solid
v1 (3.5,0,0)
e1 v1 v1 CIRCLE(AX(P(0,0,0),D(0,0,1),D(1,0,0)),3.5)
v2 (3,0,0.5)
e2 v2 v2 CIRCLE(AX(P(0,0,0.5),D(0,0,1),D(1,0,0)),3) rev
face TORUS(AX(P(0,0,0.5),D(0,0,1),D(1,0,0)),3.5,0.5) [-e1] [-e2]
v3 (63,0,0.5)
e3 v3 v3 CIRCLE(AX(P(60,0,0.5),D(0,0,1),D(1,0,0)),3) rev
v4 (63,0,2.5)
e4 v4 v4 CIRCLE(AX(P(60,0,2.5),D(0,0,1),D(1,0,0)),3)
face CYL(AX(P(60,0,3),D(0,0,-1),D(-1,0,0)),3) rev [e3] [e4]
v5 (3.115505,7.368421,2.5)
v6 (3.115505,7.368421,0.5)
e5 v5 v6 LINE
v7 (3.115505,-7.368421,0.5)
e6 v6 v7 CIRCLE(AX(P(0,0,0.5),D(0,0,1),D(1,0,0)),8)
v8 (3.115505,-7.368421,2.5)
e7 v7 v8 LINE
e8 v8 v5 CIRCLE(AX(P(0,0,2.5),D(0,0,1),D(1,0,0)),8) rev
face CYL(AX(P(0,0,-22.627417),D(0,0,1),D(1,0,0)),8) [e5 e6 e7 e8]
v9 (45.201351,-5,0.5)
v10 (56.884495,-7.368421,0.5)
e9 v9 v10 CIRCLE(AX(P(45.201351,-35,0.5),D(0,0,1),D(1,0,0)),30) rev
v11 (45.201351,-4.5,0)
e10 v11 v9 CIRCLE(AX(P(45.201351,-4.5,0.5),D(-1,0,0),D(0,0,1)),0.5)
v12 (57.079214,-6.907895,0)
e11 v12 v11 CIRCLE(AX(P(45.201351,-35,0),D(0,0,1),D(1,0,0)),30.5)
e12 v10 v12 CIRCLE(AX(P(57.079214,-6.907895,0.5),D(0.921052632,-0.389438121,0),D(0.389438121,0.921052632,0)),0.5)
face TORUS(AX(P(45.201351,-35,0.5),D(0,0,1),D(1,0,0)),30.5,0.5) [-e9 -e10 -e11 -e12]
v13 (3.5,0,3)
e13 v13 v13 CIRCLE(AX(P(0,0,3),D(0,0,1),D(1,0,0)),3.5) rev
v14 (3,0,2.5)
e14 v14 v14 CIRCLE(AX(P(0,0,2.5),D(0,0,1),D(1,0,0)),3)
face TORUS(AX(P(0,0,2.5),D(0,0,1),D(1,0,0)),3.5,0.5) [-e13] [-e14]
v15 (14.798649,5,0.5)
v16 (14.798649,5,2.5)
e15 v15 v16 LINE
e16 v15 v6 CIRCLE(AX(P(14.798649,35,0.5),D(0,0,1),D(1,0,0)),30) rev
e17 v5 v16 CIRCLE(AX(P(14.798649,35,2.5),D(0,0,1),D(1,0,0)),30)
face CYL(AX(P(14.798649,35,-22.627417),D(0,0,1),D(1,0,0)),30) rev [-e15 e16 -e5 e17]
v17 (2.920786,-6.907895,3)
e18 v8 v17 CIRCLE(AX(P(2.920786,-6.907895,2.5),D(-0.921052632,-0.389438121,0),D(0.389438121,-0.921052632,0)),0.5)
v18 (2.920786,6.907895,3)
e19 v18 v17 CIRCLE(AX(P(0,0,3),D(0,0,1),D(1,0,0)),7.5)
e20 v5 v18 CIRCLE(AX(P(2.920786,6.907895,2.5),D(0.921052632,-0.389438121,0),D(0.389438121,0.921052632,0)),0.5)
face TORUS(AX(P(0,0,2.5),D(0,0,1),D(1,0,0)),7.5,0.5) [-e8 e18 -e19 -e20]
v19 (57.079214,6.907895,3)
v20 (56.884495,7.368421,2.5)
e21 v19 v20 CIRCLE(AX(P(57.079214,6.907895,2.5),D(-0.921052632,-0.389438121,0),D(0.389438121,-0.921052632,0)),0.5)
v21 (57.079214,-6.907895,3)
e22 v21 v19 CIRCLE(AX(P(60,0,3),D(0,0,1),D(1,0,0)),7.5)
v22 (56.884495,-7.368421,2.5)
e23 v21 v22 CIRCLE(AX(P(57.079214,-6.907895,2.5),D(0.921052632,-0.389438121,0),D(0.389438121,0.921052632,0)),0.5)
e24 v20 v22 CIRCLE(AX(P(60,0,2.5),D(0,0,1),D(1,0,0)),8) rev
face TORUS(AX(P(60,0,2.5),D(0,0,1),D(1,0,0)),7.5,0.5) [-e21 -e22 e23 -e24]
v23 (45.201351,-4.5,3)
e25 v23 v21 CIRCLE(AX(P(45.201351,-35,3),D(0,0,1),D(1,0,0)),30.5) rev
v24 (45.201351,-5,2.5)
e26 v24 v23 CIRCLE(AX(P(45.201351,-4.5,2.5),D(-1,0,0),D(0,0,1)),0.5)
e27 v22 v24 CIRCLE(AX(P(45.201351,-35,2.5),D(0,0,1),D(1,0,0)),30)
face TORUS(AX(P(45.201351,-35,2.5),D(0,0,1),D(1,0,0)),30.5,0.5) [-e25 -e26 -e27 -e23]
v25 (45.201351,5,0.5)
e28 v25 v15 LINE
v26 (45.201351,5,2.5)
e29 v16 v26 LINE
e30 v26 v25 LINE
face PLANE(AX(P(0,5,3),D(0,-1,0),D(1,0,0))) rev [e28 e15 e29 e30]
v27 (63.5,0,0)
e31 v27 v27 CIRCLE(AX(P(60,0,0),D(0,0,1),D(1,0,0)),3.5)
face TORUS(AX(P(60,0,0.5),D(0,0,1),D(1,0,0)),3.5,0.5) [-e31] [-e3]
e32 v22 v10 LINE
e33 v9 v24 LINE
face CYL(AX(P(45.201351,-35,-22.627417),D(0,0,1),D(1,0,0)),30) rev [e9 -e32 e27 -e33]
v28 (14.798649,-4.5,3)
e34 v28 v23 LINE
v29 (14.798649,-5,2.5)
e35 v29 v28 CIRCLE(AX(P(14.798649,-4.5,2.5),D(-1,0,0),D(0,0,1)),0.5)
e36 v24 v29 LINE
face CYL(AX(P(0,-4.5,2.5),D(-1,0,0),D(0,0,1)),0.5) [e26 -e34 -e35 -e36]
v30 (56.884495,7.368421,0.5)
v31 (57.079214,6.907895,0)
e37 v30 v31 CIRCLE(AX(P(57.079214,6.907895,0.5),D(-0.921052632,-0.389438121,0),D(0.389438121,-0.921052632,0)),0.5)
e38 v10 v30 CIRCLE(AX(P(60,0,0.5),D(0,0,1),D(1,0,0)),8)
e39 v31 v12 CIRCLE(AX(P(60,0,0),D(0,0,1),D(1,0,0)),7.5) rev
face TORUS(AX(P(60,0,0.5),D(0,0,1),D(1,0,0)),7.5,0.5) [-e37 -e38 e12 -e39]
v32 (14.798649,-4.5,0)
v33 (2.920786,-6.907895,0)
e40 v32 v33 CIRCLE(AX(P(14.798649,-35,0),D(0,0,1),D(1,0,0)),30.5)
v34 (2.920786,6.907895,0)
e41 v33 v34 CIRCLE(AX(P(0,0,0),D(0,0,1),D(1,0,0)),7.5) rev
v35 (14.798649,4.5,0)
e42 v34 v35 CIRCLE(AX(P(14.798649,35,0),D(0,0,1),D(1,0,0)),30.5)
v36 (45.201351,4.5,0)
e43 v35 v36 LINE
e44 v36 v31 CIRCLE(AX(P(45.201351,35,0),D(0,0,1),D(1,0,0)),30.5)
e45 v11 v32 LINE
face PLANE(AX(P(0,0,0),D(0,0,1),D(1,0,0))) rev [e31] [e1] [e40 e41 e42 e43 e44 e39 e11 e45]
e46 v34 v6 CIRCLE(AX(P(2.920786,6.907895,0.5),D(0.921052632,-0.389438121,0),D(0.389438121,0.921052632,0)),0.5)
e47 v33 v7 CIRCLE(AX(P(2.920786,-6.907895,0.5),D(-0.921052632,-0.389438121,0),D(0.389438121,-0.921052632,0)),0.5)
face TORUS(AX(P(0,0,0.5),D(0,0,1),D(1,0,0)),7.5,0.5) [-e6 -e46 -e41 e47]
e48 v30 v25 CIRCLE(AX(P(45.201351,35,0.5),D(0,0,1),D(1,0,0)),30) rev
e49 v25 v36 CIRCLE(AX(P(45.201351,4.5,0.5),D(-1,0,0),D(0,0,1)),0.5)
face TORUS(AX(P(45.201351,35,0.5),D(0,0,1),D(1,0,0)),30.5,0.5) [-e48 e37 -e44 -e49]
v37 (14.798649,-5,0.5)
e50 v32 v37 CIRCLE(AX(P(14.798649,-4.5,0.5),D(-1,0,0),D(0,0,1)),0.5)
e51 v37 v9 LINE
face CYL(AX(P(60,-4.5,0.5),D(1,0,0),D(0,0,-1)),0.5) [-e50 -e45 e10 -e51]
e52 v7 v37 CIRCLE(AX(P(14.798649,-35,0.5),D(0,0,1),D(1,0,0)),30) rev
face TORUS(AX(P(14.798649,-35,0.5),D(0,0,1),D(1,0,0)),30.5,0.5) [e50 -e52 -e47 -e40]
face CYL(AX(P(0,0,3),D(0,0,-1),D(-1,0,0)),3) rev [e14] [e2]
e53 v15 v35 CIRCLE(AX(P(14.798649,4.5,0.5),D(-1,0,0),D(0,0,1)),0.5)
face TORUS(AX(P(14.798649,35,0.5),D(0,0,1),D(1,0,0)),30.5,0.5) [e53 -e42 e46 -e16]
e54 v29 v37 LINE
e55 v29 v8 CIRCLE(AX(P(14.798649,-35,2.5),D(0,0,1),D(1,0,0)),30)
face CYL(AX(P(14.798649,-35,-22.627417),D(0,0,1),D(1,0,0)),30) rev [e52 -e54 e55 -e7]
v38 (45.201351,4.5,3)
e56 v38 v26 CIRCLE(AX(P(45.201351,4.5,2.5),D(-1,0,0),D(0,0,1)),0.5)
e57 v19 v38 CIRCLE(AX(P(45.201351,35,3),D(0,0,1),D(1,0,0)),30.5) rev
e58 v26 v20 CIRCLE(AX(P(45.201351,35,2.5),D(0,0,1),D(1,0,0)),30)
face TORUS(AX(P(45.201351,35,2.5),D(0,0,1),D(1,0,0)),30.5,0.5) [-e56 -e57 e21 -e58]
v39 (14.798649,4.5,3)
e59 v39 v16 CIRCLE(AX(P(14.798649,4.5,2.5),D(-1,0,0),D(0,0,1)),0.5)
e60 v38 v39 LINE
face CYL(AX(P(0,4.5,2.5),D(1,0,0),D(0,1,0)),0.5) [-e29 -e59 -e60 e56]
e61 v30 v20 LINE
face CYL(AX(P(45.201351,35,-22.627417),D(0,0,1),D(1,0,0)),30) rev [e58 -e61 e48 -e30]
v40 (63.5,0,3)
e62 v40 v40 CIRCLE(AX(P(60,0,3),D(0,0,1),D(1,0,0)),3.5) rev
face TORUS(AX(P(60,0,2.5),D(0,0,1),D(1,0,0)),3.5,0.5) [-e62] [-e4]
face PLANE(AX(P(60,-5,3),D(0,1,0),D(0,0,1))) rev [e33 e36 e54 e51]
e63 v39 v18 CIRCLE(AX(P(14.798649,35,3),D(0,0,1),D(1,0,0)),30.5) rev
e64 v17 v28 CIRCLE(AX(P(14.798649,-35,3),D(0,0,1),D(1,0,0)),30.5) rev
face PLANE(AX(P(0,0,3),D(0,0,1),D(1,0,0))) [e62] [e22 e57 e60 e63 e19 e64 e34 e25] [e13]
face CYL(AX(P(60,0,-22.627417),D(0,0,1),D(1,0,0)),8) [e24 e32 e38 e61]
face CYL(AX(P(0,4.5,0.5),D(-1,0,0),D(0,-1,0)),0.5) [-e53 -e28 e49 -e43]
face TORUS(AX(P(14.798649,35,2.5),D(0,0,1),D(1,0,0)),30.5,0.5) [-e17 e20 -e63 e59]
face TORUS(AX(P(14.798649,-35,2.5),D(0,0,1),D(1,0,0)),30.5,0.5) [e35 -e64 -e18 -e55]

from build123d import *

# Parameters (mm, degrees)
SKETCH_1_R      = 3
EXTRUDE_1_DEPTH = 3
EXTRUDE_START   = -3
SKETCH_3_R      = 8
SKETCH_3_R_2    = 3
EXTRUDE_2_DEPTH = 3
FILLET_2_R      = 30
FILLET_1_R      = 0.5


with BuildPart() as part:
    # ｽｹｯﾁ1 → ﾎﾞｽ - 押し出し1 (new body)
    with BuildSketch(Plane.XY):
        with BuildLine():
            Line((0, 5), (60, 5))
            ThreePointArc((60, 5), (65, 0), (60, -5))
            Line((60, -5), (0, -5))
            ThreePointArc((0, -5), (-5, 0), (0, 5))
        make_face()
        Circle(SKETCH_1_R, mode=Mode.SUBTRACT)
        with Locations((60, 0)):
            Circle(SKETCH_1_R, mode=Mode.SUBTRACT)
    extrude(amount=EXTRUDE_1_DEPTH)

    # ｽｹｯﾁ3 → ﾎﾞｽ - 押し出し2 (add)
    # profile 1 of 2: a face of its own
    with BuildSketch(Plane.XY.offset(3).offset(EXTRUDE_START)):
        Circle(SKETCH_3_R)
        Circle(SKETCH_3_R_2, mode=Mode.SUBTRACT)
    # profile 2 of 2: a face of its own
    with BuildSketch(Plane.XY.offset(3).offset(EXTRUDE_START)):
        with Locations((60, 0)):
            Circle(SKETCH_3_R)
        with Locations((60, 0)):
            Circle(SKETCH_3_R_2, mode=Mode.SUBTRACT)
    extrude(amount=EXTRUDE_2_DEPTH)

    # ﾌｨﾚｯﾄ2
    fillet_2_edges = [part.edges().sort_by_distance(p)[0] for p in [
        (6.244997998, 5, 1.5),
        (6.244997998, -5, 1.5),
        (53.755002002, 5, 1.5),
        (53.755002002, -5, 1.5),
    ]]
    fillet(fillet_2_edges, radius=FILLET_2_R)

    # ﾌｨﾚｯﾄ1
    fillet_1_edges = [part.edges().sort_by_distance(p)[0] for p in [
        (-3, 0, 0),
        (-3, 0, 3),
        (57, 0, 0),
        (57, 0, 3),
        (30, -5, 0),
        (30, -5, 3),
        (-8, 0, 3),
        (-8, 0, 0),
        (68, 0, 0),
        (68, 0, 3),
        (30, 5, 3),
        (30, 5, 0),
        (8.83825298, -5.598066659, 0),
        (8.83825298, -5.598066659, 3),
        (51.16174702, -5.598066659, 3),
        (51.16174702, -5.598066659, 0),
        (51.16174702, 5.598066659, 0),
        (51.16174702, 5.598066659, 3),
        (8.83825298, 5.598066659, 3),
        (8.83825298, 5.598066659, 0),
    ]]
    fillet(fillet_1_edges, radius=FILLET_1_R)


solid = part.part
